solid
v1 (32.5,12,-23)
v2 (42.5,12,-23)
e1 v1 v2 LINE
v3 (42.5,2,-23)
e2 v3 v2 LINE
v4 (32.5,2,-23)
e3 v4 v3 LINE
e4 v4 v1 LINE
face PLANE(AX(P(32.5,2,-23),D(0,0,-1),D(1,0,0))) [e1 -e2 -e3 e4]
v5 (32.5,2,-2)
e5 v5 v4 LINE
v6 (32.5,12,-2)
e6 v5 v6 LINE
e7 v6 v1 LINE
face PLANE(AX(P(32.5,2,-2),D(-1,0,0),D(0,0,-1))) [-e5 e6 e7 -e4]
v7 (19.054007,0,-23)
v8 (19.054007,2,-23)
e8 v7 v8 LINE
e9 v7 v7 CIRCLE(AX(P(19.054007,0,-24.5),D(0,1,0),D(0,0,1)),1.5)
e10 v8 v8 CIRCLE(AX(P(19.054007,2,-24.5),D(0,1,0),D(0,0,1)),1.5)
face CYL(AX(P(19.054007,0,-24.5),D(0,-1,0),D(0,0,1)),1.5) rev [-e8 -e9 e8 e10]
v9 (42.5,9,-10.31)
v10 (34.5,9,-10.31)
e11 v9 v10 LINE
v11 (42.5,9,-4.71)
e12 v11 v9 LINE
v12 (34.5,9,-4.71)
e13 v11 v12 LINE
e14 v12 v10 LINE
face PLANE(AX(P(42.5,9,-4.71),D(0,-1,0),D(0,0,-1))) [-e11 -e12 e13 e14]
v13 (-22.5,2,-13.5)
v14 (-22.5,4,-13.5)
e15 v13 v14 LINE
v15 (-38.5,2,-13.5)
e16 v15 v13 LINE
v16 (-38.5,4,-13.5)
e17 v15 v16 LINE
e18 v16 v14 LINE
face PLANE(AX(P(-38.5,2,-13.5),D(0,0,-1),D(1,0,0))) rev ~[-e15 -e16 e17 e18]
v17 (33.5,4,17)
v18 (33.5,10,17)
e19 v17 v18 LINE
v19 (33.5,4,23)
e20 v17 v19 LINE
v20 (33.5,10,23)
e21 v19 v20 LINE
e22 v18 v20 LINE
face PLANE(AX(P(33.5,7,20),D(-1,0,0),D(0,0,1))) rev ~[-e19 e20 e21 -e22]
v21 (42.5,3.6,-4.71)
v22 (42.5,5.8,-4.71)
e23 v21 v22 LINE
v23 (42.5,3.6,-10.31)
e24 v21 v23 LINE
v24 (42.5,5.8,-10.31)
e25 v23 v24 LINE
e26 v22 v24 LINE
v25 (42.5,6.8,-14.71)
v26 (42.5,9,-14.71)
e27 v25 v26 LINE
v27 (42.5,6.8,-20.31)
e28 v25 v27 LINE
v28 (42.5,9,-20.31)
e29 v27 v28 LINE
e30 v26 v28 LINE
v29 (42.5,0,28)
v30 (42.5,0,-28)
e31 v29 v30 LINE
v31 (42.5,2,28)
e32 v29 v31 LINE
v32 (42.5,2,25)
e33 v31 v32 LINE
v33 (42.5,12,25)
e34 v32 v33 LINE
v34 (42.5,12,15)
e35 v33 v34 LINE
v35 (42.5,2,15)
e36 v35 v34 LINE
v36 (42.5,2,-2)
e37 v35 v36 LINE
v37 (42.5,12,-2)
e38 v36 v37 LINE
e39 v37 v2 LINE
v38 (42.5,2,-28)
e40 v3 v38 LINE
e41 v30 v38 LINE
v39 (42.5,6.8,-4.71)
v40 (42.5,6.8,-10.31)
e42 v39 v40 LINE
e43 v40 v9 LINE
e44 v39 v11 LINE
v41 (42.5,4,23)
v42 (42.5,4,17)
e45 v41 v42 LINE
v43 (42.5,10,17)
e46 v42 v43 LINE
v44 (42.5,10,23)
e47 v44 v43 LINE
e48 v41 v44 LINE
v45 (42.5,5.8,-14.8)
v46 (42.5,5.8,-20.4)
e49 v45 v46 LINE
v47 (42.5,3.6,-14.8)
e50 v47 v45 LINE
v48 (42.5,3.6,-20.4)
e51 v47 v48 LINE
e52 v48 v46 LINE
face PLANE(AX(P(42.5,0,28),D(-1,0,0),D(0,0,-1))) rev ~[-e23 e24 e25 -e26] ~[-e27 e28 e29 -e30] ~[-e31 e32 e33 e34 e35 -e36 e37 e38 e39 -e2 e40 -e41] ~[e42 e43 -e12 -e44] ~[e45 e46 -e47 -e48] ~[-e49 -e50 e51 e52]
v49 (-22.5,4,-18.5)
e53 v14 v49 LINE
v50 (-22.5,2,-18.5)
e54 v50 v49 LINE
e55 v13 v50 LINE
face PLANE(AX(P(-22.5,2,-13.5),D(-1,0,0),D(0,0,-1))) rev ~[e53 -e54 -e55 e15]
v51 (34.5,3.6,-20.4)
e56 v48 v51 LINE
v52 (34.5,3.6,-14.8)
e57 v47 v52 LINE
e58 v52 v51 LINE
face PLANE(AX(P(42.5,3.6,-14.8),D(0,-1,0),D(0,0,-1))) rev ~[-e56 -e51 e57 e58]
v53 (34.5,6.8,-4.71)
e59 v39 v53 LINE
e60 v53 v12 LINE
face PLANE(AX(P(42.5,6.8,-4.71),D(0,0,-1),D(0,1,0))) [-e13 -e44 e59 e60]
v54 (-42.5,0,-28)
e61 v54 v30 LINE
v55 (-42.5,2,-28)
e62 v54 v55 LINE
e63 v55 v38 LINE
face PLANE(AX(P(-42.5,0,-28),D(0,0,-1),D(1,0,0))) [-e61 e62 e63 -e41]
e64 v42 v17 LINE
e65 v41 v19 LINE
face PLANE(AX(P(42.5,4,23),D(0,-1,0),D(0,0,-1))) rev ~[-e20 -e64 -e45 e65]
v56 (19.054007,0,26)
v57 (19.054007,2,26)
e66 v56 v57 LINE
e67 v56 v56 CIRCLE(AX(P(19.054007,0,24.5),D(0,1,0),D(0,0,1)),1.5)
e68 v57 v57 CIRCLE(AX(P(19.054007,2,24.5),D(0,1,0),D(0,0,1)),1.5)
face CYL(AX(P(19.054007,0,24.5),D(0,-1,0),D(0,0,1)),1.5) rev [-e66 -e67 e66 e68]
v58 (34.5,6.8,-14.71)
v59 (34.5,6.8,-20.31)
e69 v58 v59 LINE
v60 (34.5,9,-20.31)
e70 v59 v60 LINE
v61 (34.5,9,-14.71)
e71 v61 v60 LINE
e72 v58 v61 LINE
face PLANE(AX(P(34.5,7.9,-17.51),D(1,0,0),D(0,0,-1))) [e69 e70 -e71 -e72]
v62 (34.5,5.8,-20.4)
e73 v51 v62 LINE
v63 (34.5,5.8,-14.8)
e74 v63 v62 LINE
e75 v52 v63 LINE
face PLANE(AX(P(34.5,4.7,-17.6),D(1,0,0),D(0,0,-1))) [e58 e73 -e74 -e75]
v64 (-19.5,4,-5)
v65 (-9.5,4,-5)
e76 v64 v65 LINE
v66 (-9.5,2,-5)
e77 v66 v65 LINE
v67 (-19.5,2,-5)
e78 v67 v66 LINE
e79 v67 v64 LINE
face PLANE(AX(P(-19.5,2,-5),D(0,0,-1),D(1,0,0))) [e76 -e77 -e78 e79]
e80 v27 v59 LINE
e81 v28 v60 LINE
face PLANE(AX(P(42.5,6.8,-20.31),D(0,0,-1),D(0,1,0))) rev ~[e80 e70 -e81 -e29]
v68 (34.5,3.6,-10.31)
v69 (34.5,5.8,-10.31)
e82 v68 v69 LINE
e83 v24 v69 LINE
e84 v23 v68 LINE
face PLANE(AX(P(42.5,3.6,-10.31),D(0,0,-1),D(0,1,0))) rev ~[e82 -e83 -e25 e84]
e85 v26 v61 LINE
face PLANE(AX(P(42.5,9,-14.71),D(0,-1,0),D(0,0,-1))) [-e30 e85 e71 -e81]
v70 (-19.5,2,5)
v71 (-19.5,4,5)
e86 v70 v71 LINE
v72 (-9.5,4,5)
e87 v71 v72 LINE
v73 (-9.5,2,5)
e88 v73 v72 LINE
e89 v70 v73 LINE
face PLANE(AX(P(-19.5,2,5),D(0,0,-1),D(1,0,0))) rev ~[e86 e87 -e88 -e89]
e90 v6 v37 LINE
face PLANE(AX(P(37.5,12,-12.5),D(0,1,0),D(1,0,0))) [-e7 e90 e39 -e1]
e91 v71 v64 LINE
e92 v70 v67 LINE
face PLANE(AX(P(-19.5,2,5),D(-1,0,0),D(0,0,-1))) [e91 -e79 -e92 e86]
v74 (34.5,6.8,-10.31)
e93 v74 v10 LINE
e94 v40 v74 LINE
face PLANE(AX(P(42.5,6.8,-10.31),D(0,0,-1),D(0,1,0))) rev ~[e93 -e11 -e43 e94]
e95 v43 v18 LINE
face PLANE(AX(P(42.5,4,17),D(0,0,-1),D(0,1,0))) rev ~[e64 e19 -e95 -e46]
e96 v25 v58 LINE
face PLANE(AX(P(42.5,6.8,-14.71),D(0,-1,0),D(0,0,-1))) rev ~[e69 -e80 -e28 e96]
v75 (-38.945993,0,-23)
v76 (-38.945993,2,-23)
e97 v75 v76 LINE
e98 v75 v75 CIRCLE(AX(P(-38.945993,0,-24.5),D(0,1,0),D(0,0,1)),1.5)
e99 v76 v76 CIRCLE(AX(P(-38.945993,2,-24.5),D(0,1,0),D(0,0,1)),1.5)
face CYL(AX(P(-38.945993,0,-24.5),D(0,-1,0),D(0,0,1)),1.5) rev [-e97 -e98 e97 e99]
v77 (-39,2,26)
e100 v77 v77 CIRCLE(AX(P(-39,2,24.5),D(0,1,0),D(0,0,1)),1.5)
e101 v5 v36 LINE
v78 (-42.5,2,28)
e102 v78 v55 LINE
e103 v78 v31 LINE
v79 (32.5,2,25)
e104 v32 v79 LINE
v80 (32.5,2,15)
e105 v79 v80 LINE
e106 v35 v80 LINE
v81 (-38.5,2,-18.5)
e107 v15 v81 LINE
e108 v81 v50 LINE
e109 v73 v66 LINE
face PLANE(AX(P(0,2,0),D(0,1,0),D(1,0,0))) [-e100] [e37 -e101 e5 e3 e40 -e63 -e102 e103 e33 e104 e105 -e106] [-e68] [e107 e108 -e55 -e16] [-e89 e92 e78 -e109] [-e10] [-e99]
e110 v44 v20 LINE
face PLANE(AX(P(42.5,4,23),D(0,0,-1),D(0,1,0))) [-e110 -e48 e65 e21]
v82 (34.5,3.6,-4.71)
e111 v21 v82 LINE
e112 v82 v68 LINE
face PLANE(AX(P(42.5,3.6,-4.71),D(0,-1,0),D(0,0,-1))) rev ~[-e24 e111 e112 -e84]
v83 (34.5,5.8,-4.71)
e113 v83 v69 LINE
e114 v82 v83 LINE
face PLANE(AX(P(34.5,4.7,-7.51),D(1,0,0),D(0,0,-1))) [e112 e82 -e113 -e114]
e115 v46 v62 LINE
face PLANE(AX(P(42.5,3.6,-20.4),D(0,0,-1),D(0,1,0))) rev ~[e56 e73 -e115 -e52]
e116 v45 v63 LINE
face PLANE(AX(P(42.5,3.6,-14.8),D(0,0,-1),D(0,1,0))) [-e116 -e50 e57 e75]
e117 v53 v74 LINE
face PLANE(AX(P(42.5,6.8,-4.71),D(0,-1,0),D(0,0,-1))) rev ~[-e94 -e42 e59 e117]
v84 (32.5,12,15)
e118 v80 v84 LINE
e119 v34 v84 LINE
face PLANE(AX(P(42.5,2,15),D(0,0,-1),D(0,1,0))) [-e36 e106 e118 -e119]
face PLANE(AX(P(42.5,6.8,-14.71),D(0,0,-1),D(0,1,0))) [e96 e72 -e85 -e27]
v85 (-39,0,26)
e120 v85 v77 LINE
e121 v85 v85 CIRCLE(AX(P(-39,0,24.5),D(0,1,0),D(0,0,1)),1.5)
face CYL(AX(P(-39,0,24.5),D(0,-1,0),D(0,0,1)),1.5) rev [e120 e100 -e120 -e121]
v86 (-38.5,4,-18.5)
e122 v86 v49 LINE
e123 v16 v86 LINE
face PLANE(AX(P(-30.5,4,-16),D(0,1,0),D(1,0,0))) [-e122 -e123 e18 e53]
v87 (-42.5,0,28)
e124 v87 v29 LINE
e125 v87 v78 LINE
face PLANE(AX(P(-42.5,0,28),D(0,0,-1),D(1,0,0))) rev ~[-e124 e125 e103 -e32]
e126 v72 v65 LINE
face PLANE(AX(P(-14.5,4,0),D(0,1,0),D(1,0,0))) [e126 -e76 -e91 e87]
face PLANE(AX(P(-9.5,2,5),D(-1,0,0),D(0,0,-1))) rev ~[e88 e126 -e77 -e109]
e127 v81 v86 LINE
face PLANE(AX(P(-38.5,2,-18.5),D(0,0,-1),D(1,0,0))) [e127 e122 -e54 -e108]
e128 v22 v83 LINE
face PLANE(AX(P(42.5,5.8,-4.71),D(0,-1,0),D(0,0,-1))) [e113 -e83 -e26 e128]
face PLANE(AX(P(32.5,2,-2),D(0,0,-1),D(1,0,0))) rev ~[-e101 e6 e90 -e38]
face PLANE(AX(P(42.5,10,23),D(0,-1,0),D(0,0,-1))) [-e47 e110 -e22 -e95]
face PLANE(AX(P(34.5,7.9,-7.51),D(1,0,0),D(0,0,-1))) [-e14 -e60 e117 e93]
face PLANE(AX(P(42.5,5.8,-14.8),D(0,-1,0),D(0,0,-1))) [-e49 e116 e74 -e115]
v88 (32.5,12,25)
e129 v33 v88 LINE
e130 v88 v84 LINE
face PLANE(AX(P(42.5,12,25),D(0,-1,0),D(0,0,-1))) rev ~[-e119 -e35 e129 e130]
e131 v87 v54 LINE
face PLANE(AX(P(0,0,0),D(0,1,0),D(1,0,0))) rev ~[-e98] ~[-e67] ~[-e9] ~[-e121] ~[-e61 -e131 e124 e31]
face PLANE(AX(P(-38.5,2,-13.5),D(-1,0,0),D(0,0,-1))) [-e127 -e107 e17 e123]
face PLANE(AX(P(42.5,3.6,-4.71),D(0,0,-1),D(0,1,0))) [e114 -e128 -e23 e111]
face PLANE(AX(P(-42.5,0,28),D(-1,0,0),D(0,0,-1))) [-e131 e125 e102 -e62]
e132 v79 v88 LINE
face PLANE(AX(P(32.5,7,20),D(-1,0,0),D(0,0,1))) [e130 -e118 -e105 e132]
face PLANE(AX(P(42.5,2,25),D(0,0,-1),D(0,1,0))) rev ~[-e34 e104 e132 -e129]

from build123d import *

# Parameters (mm, degrees)
SKETCH_1_W          = 85
SKETCH_1_H          = 56
SKETCH_1_R          = 1.5
EXTRUDE_1_DEPTH     = 2
SKETCH_2_W          = 10
SKETCH_2_H          = 10
EXTRUDE_2_DEPTH     = 2
SKETCH_3_W          = 10
SKETCH_3_H          = 21
EXTRUDE_3_DEPTH     = 10
SKETCH_4_W          = 5.6
SKETCH_4_H          = 2.2
CUT_EXTRUDE_1_DEPTH = 8
SKETCH_5_W          = 10
SKETCH_5_H          = 10
SKETCH_5_W_2        = 6
SKETCH_5_H_2        = 6
EXTRUDE_4_DEPTH     = 10
SKETCH_6_W          = 6
SKETCH_6_H          = 6
EXTRUDE_6_DEPTH     = 1
SKETCH_7_W          = 16
SKETCH_7_H          = 5
EXTRUDE_7_DEPTH     = 2


with BuildPart() as part:
    # 草图1 → 凸台-拉伸1 (new body)
    with BuildSketch(Plane(origin=(0, 0, 0), x_dir=(1, 0, 0), z_dir=(0, 1, 0))):
        Rectangle(SKETCH_1_W, SKETCH_1_H)
        with Locations(Location((-39, -24.5, 0), (0, 0, 270))):
            Circle(SKETCH_1_R, mode=Mode.SUBTRACT)
        with Locations(Location((-38.945993031, 24.5, 0), (0, 0, 270))):
            Circle(SKETCH_1_R, mode=Mode.SUBTRACT)
        with Locations(Location((19.054006969, 24.5, 0), (0, 0, 270))):
            Circle(SKETCH_1_R, mode=Mode.SUBTRACT)
        with Locations(Location((19.054006969, -24.5, 0), (0, 0, 270))):
            Circle(SKETCH_1_R, mode=Mode.SUBTRACT)
    extrude(amount=EXTRUDE_1_DEPTH)

    # 草图2 → 凸台-拉伸2 (add)
    with BuildSketch(Plane(origin=(0, 2, 0), x_dir=(1, 0, 0), z_dir=(0, 1, 0))):
        with Locations((-14.5, 0)):
            Rectangle(SKETCH_2_W, SKETCH_2_H)
    extrude(amount=EXTRUDE_2_DEPTH)

    # 草图3 → 凸台-拉伸3 (add)
    with BuildSketch(Plane(origin=(0, 2, 0), x_dir=(1, 0, 0), z_dir=(0, 1, 0))):
        with Locations((37.5, 12.5)):
            Rectangle(SKETCH_3_W, SKETCH_3_H)
    extrude(amount=EXTRUDE_3_DEPTH)

    # 草图4 → 切除-拉伸1 (cut)
    with BuildSketch(Plane(origin=(42.5, 0, 0), x_dir=(0, 0, -1), z_dir=(1, 0, 0))):
        with Locations((7.51, 7.9)):
            Rectangle(SKETCH_4_W, SKETCH_4_H)
        with Locations((7.51, 4.7)):
            Rectangle(SKETCH_4_W, SKETCH_4_H)
        with Locations((17.51, 7.9)):
            Rectangle(SKETCH_4_W, SKETCH_4_H)
        with Locations((17.6, 4.7)):
            Rectangle(SKETCH_4_W, SKETCH_4_H)
    extrude(amount=-CUT_EXTRUDE_1_DEPTH, mode=Mode.SUBTRACT)

    # 草图5 → 凸台-拉伸4 (add)
    with BuildSketch(Plane(origin=(42.5, 0, 0), x_dir=(0, 0, -1), z_dir=(1, 0, 0))):
        with Locations((-20, 7)):
            Rectangle(SKETCH_5_W, SKETCH_5_H)
        with Locations((-20, 7)):
            Rectangle(SKETCH_5_W_2, SKETCH_5_H_2, mode=Mode.SUBTRACT)
    extrude(amount=-EXTRUDE_4_DEPTH)

    # 草图6 → 凸台-拉伸6 (add)
    with BuildSketch(Plane.ZY.offset(-32.5)):
        with Locations((20, 7)):
            Rectangle(SKETCH_6_W, SKETCH_6_H)
    extrude(amount=-EXTRUDE_6_DEPTH)

    # 草图7 → 凸台-拉伸7 (add)
    with BuildSketch(Plane(origin=(0, 2, 0), x_dir=(1, 0, 0), z_dir=(0, 1, 0))):
        with Locations((-30.5, 16)):
            Rectangle(SKETCH_7_W, SKETCH_7_H)
    extrude(amount=EXTRUDE_7_DEPTH)


solid = part.part
